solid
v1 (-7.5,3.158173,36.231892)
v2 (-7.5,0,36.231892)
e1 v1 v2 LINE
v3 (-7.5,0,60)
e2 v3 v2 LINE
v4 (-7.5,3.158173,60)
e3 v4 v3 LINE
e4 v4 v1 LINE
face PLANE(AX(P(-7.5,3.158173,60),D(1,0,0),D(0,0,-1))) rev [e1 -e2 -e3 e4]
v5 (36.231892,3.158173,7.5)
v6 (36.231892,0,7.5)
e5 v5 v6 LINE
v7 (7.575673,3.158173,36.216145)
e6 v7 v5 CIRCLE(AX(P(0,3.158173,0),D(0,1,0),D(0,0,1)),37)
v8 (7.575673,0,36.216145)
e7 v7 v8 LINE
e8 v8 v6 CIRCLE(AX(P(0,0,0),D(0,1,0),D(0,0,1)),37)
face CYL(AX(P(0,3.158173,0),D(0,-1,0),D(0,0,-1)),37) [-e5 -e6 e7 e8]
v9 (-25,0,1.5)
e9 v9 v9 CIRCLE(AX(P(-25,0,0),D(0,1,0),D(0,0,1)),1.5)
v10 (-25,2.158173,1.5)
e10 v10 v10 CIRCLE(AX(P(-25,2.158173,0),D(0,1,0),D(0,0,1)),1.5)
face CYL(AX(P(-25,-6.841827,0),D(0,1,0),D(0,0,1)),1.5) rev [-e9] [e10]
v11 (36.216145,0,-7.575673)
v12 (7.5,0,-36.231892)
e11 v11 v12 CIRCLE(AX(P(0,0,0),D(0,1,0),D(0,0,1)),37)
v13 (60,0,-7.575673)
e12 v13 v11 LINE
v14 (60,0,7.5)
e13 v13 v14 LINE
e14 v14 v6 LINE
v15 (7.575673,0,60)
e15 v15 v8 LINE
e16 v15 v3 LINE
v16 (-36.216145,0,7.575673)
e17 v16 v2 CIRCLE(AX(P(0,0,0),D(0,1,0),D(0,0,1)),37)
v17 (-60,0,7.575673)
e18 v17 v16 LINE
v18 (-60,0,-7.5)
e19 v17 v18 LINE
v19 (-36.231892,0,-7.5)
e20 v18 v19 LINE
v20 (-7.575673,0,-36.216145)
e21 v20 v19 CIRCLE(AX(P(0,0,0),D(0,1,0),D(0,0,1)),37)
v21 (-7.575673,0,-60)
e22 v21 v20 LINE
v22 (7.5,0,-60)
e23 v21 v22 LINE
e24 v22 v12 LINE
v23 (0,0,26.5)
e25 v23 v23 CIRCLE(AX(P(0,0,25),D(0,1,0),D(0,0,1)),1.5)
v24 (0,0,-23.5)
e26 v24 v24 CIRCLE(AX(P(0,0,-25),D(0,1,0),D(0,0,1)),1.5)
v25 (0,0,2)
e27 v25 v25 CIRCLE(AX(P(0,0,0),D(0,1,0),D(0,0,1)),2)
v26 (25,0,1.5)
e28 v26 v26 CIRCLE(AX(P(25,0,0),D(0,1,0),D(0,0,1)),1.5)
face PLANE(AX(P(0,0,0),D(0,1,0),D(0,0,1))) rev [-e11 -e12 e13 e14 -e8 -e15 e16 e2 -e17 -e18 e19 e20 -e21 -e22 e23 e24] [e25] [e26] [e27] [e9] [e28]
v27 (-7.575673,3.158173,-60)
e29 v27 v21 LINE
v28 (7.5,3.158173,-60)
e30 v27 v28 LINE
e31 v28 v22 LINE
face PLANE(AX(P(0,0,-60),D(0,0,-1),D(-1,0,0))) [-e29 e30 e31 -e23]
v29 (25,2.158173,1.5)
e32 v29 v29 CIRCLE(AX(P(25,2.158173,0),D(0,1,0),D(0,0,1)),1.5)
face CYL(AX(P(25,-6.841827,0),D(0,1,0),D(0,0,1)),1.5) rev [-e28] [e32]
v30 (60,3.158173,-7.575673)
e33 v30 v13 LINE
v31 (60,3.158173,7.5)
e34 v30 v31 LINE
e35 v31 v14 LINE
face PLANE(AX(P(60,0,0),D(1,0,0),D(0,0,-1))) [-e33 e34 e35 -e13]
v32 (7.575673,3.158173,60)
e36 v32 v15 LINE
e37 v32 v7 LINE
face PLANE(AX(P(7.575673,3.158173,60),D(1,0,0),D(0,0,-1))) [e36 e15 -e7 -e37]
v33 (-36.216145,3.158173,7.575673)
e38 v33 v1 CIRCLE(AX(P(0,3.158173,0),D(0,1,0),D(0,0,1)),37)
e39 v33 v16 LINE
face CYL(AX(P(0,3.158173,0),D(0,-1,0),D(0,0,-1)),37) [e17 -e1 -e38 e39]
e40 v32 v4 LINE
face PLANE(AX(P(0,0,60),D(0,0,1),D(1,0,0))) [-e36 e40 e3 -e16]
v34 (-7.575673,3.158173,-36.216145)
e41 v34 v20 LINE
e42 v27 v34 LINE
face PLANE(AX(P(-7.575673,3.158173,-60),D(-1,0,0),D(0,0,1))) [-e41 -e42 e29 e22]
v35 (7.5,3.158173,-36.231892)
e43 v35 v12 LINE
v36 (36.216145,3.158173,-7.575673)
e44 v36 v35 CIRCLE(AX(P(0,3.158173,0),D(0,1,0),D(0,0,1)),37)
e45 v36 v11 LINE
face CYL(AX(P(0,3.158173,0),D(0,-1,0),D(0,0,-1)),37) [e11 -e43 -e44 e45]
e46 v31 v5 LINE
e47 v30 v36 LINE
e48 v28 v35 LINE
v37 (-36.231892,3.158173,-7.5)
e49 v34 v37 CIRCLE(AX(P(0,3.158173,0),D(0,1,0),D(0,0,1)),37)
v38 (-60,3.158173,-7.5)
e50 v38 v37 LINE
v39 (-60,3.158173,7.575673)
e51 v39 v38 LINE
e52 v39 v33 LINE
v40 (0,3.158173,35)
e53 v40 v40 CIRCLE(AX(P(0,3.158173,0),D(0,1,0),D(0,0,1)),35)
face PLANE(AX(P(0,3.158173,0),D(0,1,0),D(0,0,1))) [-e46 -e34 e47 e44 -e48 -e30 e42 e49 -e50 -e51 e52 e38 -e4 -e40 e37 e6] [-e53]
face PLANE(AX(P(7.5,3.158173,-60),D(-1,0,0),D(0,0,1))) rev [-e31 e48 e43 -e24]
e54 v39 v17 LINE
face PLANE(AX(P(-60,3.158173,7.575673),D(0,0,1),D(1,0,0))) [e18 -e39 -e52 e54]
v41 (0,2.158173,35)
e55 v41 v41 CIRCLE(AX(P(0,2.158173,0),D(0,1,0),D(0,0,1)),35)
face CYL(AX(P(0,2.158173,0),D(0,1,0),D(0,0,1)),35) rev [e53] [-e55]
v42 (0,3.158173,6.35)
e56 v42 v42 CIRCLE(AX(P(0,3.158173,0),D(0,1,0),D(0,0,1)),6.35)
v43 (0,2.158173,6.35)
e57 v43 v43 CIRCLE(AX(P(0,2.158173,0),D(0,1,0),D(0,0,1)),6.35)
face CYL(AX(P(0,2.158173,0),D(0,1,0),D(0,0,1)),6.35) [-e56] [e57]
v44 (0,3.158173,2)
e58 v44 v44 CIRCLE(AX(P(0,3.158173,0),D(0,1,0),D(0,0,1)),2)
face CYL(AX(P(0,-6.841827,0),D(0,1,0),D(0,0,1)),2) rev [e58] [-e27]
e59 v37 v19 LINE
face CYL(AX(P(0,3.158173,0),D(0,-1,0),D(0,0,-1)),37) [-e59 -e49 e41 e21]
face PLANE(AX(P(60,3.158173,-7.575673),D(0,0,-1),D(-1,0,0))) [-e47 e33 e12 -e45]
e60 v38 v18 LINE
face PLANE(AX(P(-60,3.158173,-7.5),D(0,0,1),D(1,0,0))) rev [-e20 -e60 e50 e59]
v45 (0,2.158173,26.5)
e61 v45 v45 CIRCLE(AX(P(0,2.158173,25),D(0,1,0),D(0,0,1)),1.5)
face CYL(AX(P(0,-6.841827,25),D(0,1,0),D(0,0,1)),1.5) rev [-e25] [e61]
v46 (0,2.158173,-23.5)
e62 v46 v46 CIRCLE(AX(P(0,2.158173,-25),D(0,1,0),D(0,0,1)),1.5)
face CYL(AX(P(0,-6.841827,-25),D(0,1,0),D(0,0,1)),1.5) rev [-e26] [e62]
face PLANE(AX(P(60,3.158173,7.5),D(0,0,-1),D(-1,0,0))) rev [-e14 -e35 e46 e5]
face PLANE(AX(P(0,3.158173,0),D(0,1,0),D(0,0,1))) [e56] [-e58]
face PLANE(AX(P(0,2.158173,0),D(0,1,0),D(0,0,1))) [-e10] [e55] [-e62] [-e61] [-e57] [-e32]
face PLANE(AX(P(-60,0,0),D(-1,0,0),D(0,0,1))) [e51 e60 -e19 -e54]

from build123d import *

# Parameters (mm, degrees)
SKETCH1_R           = 37
BOSS_EXTRUDE1_DEPTH = 3.158172797
SKETCH13_W          = 7.575673387
SKETCH13_H          = 3.158172797
SKETCH13_W_2        = 7.5
BOSS_EXTRUDE2_DEPTH = 60
CIRPATTERN1_COUNT   = 4
SKETCH2_R           = 35
SKETCH2_R_2         = 6.35
CUT_EXTRUDE1_DEPTH  = 1
SKETCH17_R          = 2
CUT_EXTRUDE2_DEPTH  = 10
SKETCH19_R          = 1.5
CUT_EXTRUDE3_DEPTH  = 10
CIRPATTERN2_COUNT   = 4


with BuildPart() as part:
    # Sketch1 → Boss-Extrude1 (new body)
    with BuildSketch(Plane(origin=(0, 0, 0), x_dir=(1, 0, 0), z_dir=(0, 1, 0))):
        Circle(SKETCH1_R)
    extrude(amount=BOSS_EXTRUDE1_DEPTH)

    # Sketch13 → Boss-Extrude2 (add)
    with BuildSketch(Plane.XY):
        with Locations((3.787836694, 1.579086399)):
            Rectangle(SKETCH13_W, SKETCH13_H)
        with Locations((-3.75, 1.579086399)):
            Rectangle(SKETCH13_W_2, SKETCH13_H)
    boss_extrude2 = extrude(amount=BOSS_EXTRUDE2_DEPTH)

    # CirPattern1: Boss-Extrude2 ×4 about axis
    cirpattern1_axis = Axis((0, 3.316081437, 0), (0, -1, 0))
    for i in range(1, CIRPATTERN1_COUNT):
        add(boss_extrude2.rotate(cirpattern1_axis, i * 360 / CIRPATTERN1_COUNT))

    # Sketch2 → Cut-Extrude1 (cut)
    with BuildSketch(Plane(origin=(0, 3.158172797, 0), x_dir=(1, 0, 0), z_dir=(0, 1, 0))):
        Circle(SKETCH2_R)
        Circle(SKETCH2_R_2, mode=Mode.SUBTRACT)
    extrude(amount=-CUT_EXTRUDE1_DEPTH, mode=Mode.SUBTRACT)

    # Sketch17 → Cut-Extrude2 (cut)
    with BuildSketch(Plane(origin=(0, 3.158172797, 0), x_dir=(1, 0, 0), z_dir=(0, 1, 0))):
        Circle(SKETCH17_R)
    extrude(amount=-CUT_EXTRUDE2_DEPTH, mode=Mode.SUBTRACT)

    # Sketch19 → Cut-Extrude3 (cut)
    with BuildSketch(Plane(origin=(0, 3.158172797, 0), x_dir=(1, 0, 0), z_dir=(0, 1, 0))):
        with Locations((0, 25)):
            Circle(SKETCH19_R)
    cut_extrude3 = extrude(amount=-CUT_EXTRUDE3_DEPTH, mode=Mode.SUBTRACT)

    # CirPattern2: Cut-Extrude3 ×4 about axis
    cirpattern2_axis = Axis((0, 3.316081437, 0), (0, -1, 0))
    for i in range(1, CIRPATTERN2_COUNT):
        add(cut_extrude3.rotate(cirpattern2_axis, i * 360 / CIRPATTERN2_COUNT), mode=Mode.SUBTRACT)


solid = part.part
